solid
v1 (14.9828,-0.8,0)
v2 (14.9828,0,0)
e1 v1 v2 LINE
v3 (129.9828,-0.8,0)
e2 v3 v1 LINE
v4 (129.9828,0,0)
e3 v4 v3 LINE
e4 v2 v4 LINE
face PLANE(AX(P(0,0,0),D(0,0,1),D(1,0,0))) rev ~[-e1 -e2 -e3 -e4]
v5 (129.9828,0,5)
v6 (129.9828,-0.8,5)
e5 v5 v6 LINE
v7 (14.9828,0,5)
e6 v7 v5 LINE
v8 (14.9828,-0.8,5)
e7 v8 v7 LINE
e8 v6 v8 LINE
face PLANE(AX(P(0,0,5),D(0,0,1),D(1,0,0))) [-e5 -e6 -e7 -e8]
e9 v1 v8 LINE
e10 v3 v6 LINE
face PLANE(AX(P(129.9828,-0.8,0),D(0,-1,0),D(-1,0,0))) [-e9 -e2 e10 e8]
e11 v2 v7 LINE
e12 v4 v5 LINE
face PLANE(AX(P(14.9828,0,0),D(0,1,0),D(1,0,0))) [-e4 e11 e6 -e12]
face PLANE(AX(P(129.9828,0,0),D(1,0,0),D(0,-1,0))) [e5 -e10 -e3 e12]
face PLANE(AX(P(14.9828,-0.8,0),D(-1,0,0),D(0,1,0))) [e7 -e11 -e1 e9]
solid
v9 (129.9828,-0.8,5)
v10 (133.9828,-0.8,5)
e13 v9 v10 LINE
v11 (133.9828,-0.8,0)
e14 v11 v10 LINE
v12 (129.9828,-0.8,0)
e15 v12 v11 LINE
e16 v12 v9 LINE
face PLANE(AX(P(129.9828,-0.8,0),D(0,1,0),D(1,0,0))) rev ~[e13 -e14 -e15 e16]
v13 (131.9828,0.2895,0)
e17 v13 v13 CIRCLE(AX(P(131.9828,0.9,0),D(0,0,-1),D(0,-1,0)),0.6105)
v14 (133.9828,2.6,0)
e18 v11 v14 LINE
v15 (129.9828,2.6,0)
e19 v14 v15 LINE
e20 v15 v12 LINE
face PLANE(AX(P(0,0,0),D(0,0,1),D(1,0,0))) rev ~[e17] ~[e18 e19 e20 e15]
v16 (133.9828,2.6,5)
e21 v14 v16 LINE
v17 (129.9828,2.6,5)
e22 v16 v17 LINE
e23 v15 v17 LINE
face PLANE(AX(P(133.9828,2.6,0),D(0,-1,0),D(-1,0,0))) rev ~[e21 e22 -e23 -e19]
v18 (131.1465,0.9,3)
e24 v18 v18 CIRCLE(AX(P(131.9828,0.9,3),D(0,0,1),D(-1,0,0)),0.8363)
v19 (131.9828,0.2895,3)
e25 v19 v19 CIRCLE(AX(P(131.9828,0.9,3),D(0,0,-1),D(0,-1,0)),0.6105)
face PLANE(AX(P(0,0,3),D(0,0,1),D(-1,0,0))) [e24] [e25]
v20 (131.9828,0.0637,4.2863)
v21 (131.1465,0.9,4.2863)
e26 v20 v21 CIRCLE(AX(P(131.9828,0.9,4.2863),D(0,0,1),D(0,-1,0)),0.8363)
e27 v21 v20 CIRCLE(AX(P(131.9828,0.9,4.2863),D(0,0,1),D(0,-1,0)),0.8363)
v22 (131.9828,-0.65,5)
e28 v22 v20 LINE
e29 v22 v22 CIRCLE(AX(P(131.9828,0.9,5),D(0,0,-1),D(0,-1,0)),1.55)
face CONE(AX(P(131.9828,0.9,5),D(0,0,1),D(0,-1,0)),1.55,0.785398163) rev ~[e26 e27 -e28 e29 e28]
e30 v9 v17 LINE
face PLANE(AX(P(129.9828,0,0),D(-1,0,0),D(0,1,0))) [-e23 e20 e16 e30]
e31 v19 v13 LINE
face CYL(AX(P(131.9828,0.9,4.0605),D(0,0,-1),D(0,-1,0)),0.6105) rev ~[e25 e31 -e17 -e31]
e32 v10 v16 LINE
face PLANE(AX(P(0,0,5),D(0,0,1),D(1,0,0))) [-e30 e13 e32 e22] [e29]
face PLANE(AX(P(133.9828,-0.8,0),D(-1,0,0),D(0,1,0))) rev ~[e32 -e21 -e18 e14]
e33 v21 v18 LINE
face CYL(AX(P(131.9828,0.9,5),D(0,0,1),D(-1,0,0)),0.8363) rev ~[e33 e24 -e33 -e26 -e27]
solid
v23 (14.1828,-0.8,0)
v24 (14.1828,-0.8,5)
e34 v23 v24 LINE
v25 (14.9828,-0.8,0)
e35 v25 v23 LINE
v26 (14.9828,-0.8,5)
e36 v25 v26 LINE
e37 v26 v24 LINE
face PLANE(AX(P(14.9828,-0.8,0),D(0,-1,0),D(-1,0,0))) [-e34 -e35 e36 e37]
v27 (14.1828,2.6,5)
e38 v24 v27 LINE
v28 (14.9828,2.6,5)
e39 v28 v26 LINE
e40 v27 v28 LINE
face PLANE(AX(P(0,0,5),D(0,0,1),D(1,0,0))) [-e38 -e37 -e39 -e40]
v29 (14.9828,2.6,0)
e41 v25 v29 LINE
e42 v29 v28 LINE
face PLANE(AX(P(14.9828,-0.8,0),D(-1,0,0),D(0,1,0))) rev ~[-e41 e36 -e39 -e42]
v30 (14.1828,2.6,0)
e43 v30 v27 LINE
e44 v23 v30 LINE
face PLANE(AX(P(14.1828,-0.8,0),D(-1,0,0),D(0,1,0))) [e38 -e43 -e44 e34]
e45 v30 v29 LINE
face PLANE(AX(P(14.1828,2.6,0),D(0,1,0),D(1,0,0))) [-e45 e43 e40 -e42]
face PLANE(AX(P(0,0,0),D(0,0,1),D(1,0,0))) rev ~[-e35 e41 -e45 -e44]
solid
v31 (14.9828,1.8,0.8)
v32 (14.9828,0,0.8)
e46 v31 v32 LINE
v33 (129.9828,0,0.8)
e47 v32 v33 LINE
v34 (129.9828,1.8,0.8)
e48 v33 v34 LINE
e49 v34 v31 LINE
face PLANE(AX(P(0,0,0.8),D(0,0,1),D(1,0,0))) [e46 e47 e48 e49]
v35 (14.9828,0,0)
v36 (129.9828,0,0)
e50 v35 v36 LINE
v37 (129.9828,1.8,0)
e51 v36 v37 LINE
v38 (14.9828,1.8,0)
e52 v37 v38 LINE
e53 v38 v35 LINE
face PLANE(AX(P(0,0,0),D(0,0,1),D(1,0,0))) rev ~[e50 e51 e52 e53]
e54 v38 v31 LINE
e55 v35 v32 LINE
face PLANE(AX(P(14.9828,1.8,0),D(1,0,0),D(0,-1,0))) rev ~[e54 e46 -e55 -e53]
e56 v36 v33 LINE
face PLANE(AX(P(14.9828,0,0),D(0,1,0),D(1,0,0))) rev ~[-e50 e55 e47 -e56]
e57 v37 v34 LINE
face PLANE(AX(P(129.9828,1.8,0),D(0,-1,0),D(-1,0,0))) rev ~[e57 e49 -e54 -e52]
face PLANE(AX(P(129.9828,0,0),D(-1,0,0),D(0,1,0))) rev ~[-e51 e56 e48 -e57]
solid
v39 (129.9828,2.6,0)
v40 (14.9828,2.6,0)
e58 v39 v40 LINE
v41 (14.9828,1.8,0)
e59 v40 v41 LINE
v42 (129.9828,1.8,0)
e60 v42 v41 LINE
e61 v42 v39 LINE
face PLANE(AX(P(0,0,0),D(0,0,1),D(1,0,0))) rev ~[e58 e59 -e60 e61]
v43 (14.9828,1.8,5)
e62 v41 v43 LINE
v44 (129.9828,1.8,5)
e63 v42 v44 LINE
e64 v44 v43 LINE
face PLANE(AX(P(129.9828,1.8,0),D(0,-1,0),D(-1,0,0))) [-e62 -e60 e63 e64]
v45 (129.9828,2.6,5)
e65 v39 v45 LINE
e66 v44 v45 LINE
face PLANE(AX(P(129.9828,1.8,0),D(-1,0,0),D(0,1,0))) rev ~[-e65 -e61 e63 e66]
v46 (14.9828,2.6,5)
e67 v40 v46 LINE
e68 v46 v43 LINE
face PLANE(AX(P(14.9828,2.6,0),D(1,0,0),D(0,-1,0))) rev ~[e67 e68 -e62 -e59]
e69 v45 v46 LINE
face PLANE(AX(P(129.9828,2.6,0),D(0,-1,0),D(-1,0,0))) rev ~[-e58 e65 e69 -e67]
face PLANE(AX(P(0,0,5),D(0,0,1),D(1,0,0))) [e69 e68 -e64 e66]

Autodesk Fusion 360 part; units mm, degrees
sketch "Esquisse1" plane through (0, 0, 0) normal (0, 0, 1) x (1, 0, 0) in component "edge"
  line L0 (14.9828, 0) -> (129.9828, 0)
  line L1 (129.9828, 0) -> (129.9828, -0.8)
  line L2 (129.9828, -0.8) -> (14.9828, -0.8)
  line L3 (14.9828, -0.8) -> (14.9828, 0)
  line L4 (14.9828, 0) -> (129.9828, 0)
  line L5 (129.9828, 0) -> (129.9828, 1.8)
  line L6 (129.9828, 1.8) -> (14.9828, 1.8)
  line L7 (14.9828, 1.8) -> (14.9828, 0)
  line L8 (14.9828, 1.8) -> (129.9828, 1.8)
  line L9 (129.9828, 1.8) -> (129.9828, 2.6)
  line L10 (129.9828, 2.6) -> (14.9828, 2.6)
  line L11 (14.9828, 2.6) -> (14.9828, 1.8)
  line L12 (129.9828, -0.8) -> (133.9828, -0.8)
  line L13 (133.9828, -0.8) -> (133.9828, 2.6)
  line L14 (133.9828, 2.6) -> (129.9828, 2.6)
  line L15 (129.9828, 2.6) -> (129.9828, -0.8)
  line L16 (14.9828, -0.8) -> (14.1828, -0.8)
  line L17 (14.1828, -0.8) -> (14.1828, 2.6)
  line L18 (14.1828, 2.6) -> (14.9828, 2.6)
  line L19 (14.9828, 2.6) -> (14.9828, -0.8)
  line L20 (129.9828, -0.8) -> (133.9828, 2.6) construction
  line L21 (133.9828, -0.8) -> (129.9828, 2.6) construction
  circle A0 centre (131.9828, 0.9) radius 0.7
  dimension "EdgePhotoLen" = 115
  dimension "d2" = 0.8
  dimension "d3" = 1.8
  dimension "d4" = 115
  dimension "d5" = 0.8
  dimension "d10" = 4
  dimension "d11" = 0.8
  dimension "d14" = 1.4
extrude "Extrusion1" add sketch "Esquisse1" along normal blind 0.8 contours L0 L4 L5 L6 L7 L8 L15 L19 makes body 1 in component "edge"
extrude "Extrusion2" add sketch "Esquisse1" along normal blind 5 separate body contours L0 L1 L2 L3 L4 L15 L19 | L6 L8 L9 L10 L11 L15 L19 makes body 2 at (91.6495, 2.6, 1.6667) makes body 3 at (53.3161, 0, 1.6667) in component "edge"
extrude "Extrusion3" add sketch "Esquisse1" along normal blind 5 separate body contours L3 L7 L11 L16 L17 L18 L19 | L1 L5 L9 L12 L13 L14 L15 | A0 makes body 4 at (14.9828, 0.3333, 1.6667) makes body 5 at (132.6495, 2.6, 1.6667) in component "edge"
sketch "Esquisse3" plane through (0, 0, 5) normal (0, 0, 1) x (-1, 0, 0)
  line L0 (-129.9828, -2.6) -> (-129.9828, 0.8)
  line L1 (-129.9828, 0.8) -> (-133.9828, 0.8)
  line L2 (-133.9828, 0.8) -> (-133.9828, -2.6)
  line L3 (-133.9828, -2.6) -> (-129.9828, -2.6)
  line L4 (-129.9828, -2.6) -> (-133.9828, 0.8) construction
  line L5 (-129.9828, 0.8) -> (-133.9828, -2.6) construction
  point P0 (-131.9828, -0.9)
hole "Perçage2" at (131.9828, 0.9, 5) direction (0, 0, -1) diameter 1.221 depth 8 tip angle 180 countersink diameter 3.1 countersink angle 90 bodies 5 in component "edge"
sketch "Esquisse4" plane through (0, 0, 5) normal (0, 0, 1) x (-1, 0, 0)
  circle A0 centre (-131.9828, -0.9) radius 1.55
  line L0 (-129.9828, -2.6) -> (-129.9828, 0.8)
  line L1 (-129.9828, 0.8) -> (-133.9828, 0.8)
  line L2 (-133.9828, 0.8) -> (-133.9828, -2.6)
  line L3 (-133.9828, -2.6) -> (-129.9828, -2.6)
  circle A1 centre (-131.9828, -0.9) radius 0.8363
extrude "Extrusion6" cut sketch "Esquisse4" against normal blind 2 contours A1 bodies 5 in component "edge"
component "edge" placed x (1, 0, 0) y (0, 1, 0) z (0, 0, 1) at (0, 0, 0)
equation "d4 = EdgePhotoLen"
